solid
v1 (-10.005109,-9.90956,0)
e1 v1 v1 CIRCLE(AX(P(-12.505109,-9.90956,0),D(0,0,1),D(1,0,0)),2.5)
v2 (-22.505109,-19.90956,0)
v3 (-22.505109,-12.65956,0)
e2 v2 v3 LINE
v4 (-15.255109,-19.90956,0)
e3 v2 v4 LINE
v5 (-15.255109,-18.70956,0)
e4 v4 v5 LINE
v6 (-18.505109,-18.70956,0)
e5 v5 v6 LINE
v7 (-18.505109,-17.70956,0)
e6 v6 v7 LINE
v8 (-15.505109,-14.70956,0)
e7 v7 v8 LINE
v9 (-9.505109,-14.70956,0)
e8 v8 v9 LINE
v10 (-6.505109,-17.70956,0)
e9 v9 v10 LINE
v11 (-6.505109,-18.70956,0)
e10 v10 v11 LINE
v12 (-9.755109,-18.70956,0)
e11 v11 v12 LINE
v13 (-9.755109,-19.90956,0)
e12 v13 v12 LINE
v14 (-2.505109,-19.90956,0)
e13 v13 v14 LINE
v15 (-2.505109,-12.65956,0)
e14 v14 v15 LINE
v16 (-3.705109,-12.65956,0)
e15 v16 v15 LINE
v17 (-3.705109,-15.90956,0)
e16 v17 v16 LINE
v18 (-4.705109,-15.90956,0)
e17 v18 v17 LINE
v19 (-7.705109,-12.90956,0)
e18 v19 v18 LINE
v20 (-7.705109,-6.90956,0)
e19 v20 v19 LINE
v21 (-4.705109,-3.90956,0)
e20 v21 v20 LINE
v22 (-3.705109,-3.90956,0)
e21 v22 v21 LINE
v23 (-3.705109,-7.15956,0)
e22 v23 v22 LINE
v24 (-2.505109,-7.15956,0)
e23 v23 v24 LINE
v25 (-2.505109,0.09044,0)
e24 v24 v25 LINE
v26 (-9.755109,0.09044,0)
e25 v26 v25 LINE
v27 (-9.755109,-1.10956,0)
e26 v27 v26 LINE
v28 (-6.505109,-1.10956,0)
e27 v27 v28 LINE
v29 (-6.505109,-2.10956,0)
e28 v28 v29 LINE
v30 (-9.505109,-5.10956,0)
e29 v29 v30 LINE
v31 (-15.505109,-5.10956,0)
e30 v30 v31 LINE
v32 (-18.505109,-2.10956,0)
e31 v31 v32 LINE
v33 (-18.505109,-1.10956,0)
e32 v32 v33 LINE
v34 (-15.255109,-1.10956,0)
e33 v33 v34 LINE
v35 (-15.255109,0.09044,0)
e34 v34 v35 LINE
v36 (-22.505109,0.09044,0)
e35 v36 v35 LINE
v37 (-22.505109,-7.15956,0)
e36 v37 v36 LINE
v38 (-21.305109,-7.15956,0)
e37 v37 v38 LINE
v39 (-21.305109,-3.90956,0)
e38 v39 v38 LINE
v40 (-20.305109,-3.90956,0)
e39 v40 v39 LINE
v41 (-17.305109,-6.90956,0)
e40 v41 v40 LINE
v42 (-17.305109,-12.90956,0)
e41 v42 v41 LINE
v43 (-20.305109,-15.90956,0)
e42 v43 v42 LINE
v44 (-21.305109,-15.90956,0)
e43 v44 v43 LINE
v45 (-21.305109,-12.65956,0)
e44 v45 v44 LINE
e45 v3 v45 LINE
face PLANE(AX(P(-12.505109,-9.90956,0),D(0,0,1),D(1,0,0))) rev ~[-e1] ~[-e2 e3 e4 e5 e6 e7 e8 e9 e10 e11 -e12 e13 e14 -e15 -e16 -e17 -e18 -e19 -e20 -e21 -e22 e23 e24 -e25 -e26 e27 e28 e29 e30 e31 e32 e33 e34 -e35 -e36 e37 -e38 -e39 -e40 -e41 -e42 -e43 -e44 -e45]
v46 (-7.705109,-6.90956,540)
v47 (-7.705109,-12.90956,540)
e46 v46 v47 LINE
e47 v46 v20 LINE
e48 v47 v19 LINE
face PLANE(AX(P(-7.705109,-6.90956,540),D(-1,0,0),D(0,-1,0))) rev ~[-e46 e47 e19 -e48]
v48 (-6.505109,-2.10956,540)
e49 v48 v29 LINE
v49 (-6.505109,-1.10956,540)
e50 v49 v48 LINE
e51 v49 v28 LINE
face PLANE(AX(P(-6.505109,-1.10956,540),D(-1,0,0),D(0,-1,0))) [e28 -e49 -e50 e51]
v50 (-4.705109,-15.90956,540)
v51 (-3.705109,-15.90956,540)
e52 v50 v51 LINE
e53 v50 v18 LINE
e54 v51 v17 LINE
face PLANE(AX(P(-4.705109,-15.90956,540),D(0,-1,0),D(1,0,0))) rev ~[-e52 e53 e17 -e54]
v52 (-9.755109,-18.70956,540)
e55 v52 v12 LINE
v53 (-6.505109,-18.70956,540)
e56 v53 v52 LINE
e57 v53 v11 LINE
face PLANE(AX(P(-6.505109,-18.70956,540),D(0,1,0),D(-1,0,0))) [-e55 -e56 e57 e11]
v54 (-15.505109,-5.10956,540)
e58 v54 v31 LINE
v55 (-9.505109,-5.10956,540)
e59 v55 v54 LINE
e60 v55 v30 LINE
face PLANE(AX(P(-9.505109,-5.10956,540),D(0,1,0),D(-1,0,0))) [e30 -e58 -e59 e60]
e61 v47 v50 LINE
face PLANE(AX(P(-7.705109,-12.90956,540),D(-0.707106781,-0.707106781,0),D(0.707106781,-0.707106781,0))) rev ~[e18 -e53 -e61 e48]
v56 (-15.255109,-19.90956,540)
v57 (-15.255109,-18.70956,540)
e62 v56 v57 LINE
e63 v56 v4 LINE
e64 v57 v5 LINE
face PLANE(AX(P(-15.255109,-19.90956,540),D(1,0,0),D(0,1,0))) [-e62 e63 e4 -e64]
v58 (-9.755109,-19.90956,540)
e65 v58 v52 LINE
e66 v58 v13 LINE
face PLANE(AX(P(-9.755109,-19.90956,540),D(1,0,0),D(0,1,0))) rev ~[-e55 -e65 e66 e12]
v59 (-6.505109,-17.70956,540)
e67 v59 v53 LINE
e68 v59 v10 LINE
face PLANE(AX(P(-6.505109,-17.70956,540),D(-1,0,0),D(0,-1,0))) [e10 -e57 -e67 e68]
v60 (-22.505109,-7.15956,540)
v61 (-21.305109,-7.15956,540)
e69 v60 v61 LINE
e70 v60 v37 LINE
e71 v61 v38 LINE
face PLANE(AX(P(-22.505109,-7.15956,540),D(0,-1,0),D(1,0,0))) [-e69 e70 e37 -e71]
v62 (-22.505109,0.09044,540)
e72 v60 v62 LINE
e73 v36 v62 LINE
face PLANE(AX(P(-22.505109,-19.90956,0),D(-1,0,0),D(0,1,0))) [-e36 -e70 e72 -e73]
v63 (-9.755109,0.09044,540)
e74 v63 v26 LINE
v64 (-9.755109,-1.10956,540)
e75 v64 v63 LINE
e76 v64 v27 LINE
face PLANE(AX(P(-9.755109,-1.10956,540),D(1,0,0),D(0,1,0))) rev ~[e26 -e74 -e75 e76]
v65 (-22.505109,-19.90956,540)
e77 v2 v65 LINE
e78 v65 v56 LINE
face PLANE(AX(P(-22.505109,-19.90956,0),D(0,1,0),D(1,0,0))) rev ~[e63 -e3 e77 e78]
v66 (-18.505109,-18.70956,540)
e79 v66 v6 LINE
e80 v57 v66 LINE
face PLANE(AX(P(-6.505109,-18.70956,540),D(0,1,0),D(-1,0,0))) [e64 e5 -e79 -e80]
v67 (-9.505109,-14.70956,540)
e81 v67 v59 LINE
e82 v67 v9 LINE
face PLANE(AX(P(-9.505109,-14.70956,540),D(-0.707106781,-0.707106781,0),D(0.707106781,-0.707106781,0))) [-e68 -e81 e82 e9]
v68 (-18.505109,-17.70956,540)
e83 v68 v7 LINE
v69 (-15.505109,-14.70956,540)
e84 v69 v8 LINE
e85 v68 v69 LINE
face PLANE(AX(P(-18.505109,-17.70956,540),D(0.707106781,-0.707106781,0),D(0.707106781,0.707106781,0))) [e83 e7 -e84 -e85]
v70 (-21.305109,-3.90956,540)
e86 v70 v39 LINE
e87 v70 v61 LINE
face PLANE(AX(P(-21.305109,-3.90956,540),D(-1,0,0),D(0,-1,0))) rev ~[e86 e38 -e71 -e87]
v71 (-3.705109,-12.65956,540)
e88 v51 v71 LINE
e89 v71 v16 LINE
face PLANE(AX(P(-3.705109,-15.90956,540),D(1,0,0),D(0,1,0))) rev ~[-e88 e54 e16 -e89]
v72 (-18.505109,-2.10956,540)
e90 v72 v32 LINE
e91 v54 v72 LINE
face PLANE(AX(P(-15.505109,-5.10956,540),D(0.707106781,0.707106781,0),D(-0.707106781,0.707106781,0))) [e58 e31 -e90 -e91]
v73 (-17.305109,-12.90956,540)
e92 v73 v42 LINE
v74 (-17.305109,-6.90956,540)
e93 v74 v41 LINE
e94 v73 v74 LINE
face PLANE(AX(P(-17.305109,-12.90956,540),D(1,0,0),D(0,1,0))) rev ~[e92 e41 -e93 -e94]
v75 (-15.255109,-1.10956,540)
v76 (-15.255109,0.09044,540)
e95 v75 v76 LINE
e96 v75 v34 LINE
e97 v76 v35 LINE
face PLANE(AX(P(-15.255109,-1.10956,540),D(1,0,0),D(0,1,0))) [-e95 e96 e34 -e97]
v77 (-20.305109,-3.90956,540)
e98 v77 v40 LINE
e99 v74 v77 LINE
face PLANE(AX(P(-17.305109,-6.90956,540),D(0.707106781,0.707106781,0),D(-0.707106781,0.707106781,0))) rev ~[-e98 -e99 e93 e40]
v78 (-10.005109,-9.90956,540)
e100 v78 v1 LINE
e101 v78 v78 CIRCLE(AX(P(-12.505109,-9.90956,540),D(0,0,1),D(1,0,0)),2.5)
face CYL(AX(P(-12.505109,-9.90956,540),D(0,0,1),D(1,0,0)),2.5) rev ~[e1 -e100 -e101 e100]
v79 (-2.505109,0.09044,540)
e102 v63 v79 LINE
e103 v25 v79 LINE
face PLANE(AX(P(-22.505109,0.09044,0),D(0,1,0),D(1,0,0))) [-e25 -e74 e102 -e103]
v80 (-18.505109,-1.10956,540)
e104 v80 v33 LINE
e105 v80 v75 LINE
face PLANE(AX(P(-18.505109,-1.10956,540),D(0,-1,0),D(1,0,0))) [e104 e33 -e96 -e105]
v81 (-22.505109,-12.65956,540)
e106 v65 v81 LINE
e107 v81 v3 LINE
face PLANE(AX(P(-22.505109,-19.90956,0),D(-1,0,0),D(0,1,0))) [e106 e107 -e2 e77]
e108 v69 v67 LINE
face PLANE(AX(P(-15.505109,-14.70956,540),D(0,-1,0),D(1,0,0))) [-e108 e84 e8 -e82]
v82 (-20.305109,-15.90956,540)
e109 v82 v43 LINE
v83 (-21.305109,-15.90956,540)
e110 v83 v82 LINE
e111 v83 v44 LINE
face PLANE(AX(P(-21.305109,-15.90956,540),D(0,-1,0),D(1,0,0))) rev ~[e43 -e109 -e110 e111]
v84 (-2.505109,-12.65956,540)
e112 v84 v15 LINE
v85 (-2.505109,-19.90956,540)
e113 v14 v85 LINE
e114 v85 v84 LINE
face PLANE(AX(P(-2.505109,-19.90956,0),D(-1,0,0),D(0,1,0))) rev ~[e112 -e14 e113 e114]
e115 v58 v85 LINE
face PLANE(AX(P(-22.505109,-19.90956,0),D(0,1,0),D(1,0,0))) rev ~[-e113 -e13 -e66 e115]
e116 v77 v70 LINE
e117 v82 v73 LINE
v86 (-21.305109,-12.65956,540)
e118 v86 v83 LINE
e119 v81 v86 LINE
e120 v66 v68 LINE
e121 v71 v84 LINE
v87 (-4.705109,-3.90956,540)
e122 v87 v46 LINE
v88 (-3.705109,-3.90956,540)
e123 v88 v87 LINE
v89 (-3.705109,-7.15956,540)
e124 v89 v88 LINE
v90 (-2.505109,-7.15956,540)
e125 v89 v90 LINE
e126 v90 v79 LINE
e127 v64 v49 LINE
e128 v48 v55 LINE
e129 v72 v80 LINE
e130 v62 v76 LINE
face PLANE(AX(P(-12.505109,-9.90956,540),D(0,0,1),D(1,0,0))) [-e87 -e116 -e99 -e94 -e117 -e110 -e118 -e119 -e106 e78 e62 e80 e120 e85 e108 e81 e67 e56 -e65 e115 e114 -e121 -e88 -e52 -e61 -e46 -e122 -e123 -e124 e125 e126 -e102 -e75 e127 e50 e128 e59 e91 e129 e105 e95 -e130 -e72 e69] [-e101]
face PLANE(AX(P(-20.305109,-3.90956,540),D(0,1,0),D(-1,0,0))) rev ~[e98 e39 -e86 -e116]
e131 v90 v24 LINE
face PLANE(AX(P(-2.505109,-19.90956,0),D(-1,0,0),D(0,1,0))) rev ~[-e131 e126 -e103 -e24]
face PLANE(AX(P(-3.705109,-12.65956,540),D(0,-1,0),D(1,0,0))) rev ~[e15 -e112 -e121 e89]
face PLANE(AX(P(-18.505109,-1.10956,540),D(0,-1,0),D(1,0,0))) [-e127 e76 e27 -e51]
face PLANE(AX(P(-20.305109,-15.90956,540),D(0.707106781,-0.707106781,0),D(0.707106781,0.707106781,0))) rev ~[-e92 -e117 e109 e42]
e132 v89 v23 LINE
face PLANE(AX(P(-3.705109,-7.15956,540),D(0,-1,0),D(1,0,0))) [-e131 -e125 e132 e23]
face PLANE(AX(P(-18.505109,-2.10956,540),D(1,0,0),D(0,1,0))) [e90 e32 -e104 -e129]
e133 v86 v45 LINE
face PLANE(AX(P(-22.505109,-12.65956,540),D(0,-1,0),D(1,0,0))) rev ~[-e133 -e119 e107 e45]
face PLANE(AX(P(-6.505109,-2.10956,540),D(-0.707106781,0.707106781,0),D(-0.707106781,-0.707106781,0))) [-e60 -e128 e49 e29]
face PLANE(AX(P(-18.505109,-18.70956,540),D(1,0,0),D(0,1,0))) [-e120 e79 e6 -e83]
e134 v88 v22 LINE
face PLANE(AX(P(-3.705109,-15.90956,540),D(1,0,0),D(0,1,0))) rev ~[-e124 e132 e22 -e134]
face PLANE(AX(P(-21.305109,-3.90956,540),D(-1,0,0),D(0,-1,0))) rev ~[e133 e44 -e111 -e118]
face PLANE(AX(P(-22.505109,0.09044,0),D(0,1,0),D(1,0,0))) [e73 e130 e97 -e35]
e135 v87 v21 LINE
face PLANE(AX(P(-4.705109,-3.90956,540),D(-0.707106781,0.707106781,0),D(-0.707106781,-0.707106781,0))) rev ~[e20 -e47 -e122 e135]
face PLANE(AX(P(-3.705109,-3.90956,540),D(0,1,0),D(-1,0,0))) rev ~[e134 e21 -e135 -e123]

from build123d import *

# Parameters (mm, degrees)
ESQUISSE1_W             = 20
ESQUISSE1_H             = 20
BOSS_EXTRU_1_DEPTH      = 540
ESQUISSE2_W             = 1.2
ESQUISSE2_H             = 5.5
ESQUISSE2_W_2           = 5.5
ESQUISSE2_H_2           = 1.2
ENL_V_MAT_EXTRU_1_DEPTH = 541
ENL_V_MAT_EXTRU_2_DEPTH = 541
ESQUISSE4_R             = 2.5
ENL_V_MAT_EXTRU_3_DEPTH = 541


with BuildPart() as part:
    # Esquisse1 → Boss.-Extru.1 (new body)
    with BuildSketch(Plane.XY):
        with Locations((-12.505109137, -9.909560068)):
            Rectangle(ESQUISSE1_W, ESQUISSE1_H)
    extrude(amount=BOSS_EXTRU_1_DEPTH)

    # Esquisse2 → Enlèv. mat.-Extru.1 (cut, through all)
    with BuildSketch(Plane.XY.offset(540)):
        with Locations((-21.905109137, -9.909560068)):
            Rectangle(ESQUISSE2_W, ESQUISSE2_H)
        with Locations((-12.505109137, -0.509560068)):
            Rectangle(ESQUISSE2_W_2, ESQUISSE2_H_2)
        with Locations((-3.105109137, -9.909560068)):
            Rectangle(ESQUISSE2_W, ESQUISSE2_H)
        with Locations((-12.505109137, -19.309560068)):
            Rectangle(ESQUISSE2_W_2, ESQUISSE2_H_2)
    extrude(amount=-ENL_V_MAT_EXTRU_1_DEPTH, mode=Mode.SUBTRACT)

    # Esquisse3 → Enlèv. mat.-Extru.2 (cut, through all)
    with BuildSketch(Plane.XY.offset(540)):
        Polygon((-21.305109137, -15.909560068), (-20.305109137, -15.909560068), (-17.305109137, -12.909560068), (-17.305109137, -6.909560068), (-20.305109137, -3.909560068), (-21.305109137, -3.909560068), align=None)
        Polygon((-18.505109137, -1.109560068), (-6.505109137, -1.109560068), (-6.505109137, -2.109560068), (-9.505109137, -5.109560068), (-15.505109137, -5.109560068), (-18.505109137, -2.109560068), align=None)
        Polygon((-3.705109137, -3.909560068), (-4.705109137, -3.909560068), (-7.705109137, -6.909560068), (-7.705109137, -12.909560068), (-4.705109137, -15.909560068), (-3.705109137, -15.909560068), align=None)
        Polygon((-6.505109137, -18.709560068), (-18.505109137, -18.709560068), (-18.505109137, -17.709560068), (-15.505109137, -14.709560068), (-9.505109137, -14.709560068), (-6.505109137, -17.709560068), align=None)
    extrude(amount=-ENL_V_MAT_EXTRU_2_DEPTH, mode=Mode.SUBTRACT)

    # Esquisse4 → Enlèv. mat.-Extru.3 (cut, through all)
    with BuildSketch(Plane.XY.offset(540)):
        with Locations((-12.505109137, -9.909560068)):
            Circle(ESQUISSE4_R)
    extrude(amount=-ENL_V_MAT_EXTRU_3_DEPTH, mode=Mode.SUBTRACT)


solid = part.part
